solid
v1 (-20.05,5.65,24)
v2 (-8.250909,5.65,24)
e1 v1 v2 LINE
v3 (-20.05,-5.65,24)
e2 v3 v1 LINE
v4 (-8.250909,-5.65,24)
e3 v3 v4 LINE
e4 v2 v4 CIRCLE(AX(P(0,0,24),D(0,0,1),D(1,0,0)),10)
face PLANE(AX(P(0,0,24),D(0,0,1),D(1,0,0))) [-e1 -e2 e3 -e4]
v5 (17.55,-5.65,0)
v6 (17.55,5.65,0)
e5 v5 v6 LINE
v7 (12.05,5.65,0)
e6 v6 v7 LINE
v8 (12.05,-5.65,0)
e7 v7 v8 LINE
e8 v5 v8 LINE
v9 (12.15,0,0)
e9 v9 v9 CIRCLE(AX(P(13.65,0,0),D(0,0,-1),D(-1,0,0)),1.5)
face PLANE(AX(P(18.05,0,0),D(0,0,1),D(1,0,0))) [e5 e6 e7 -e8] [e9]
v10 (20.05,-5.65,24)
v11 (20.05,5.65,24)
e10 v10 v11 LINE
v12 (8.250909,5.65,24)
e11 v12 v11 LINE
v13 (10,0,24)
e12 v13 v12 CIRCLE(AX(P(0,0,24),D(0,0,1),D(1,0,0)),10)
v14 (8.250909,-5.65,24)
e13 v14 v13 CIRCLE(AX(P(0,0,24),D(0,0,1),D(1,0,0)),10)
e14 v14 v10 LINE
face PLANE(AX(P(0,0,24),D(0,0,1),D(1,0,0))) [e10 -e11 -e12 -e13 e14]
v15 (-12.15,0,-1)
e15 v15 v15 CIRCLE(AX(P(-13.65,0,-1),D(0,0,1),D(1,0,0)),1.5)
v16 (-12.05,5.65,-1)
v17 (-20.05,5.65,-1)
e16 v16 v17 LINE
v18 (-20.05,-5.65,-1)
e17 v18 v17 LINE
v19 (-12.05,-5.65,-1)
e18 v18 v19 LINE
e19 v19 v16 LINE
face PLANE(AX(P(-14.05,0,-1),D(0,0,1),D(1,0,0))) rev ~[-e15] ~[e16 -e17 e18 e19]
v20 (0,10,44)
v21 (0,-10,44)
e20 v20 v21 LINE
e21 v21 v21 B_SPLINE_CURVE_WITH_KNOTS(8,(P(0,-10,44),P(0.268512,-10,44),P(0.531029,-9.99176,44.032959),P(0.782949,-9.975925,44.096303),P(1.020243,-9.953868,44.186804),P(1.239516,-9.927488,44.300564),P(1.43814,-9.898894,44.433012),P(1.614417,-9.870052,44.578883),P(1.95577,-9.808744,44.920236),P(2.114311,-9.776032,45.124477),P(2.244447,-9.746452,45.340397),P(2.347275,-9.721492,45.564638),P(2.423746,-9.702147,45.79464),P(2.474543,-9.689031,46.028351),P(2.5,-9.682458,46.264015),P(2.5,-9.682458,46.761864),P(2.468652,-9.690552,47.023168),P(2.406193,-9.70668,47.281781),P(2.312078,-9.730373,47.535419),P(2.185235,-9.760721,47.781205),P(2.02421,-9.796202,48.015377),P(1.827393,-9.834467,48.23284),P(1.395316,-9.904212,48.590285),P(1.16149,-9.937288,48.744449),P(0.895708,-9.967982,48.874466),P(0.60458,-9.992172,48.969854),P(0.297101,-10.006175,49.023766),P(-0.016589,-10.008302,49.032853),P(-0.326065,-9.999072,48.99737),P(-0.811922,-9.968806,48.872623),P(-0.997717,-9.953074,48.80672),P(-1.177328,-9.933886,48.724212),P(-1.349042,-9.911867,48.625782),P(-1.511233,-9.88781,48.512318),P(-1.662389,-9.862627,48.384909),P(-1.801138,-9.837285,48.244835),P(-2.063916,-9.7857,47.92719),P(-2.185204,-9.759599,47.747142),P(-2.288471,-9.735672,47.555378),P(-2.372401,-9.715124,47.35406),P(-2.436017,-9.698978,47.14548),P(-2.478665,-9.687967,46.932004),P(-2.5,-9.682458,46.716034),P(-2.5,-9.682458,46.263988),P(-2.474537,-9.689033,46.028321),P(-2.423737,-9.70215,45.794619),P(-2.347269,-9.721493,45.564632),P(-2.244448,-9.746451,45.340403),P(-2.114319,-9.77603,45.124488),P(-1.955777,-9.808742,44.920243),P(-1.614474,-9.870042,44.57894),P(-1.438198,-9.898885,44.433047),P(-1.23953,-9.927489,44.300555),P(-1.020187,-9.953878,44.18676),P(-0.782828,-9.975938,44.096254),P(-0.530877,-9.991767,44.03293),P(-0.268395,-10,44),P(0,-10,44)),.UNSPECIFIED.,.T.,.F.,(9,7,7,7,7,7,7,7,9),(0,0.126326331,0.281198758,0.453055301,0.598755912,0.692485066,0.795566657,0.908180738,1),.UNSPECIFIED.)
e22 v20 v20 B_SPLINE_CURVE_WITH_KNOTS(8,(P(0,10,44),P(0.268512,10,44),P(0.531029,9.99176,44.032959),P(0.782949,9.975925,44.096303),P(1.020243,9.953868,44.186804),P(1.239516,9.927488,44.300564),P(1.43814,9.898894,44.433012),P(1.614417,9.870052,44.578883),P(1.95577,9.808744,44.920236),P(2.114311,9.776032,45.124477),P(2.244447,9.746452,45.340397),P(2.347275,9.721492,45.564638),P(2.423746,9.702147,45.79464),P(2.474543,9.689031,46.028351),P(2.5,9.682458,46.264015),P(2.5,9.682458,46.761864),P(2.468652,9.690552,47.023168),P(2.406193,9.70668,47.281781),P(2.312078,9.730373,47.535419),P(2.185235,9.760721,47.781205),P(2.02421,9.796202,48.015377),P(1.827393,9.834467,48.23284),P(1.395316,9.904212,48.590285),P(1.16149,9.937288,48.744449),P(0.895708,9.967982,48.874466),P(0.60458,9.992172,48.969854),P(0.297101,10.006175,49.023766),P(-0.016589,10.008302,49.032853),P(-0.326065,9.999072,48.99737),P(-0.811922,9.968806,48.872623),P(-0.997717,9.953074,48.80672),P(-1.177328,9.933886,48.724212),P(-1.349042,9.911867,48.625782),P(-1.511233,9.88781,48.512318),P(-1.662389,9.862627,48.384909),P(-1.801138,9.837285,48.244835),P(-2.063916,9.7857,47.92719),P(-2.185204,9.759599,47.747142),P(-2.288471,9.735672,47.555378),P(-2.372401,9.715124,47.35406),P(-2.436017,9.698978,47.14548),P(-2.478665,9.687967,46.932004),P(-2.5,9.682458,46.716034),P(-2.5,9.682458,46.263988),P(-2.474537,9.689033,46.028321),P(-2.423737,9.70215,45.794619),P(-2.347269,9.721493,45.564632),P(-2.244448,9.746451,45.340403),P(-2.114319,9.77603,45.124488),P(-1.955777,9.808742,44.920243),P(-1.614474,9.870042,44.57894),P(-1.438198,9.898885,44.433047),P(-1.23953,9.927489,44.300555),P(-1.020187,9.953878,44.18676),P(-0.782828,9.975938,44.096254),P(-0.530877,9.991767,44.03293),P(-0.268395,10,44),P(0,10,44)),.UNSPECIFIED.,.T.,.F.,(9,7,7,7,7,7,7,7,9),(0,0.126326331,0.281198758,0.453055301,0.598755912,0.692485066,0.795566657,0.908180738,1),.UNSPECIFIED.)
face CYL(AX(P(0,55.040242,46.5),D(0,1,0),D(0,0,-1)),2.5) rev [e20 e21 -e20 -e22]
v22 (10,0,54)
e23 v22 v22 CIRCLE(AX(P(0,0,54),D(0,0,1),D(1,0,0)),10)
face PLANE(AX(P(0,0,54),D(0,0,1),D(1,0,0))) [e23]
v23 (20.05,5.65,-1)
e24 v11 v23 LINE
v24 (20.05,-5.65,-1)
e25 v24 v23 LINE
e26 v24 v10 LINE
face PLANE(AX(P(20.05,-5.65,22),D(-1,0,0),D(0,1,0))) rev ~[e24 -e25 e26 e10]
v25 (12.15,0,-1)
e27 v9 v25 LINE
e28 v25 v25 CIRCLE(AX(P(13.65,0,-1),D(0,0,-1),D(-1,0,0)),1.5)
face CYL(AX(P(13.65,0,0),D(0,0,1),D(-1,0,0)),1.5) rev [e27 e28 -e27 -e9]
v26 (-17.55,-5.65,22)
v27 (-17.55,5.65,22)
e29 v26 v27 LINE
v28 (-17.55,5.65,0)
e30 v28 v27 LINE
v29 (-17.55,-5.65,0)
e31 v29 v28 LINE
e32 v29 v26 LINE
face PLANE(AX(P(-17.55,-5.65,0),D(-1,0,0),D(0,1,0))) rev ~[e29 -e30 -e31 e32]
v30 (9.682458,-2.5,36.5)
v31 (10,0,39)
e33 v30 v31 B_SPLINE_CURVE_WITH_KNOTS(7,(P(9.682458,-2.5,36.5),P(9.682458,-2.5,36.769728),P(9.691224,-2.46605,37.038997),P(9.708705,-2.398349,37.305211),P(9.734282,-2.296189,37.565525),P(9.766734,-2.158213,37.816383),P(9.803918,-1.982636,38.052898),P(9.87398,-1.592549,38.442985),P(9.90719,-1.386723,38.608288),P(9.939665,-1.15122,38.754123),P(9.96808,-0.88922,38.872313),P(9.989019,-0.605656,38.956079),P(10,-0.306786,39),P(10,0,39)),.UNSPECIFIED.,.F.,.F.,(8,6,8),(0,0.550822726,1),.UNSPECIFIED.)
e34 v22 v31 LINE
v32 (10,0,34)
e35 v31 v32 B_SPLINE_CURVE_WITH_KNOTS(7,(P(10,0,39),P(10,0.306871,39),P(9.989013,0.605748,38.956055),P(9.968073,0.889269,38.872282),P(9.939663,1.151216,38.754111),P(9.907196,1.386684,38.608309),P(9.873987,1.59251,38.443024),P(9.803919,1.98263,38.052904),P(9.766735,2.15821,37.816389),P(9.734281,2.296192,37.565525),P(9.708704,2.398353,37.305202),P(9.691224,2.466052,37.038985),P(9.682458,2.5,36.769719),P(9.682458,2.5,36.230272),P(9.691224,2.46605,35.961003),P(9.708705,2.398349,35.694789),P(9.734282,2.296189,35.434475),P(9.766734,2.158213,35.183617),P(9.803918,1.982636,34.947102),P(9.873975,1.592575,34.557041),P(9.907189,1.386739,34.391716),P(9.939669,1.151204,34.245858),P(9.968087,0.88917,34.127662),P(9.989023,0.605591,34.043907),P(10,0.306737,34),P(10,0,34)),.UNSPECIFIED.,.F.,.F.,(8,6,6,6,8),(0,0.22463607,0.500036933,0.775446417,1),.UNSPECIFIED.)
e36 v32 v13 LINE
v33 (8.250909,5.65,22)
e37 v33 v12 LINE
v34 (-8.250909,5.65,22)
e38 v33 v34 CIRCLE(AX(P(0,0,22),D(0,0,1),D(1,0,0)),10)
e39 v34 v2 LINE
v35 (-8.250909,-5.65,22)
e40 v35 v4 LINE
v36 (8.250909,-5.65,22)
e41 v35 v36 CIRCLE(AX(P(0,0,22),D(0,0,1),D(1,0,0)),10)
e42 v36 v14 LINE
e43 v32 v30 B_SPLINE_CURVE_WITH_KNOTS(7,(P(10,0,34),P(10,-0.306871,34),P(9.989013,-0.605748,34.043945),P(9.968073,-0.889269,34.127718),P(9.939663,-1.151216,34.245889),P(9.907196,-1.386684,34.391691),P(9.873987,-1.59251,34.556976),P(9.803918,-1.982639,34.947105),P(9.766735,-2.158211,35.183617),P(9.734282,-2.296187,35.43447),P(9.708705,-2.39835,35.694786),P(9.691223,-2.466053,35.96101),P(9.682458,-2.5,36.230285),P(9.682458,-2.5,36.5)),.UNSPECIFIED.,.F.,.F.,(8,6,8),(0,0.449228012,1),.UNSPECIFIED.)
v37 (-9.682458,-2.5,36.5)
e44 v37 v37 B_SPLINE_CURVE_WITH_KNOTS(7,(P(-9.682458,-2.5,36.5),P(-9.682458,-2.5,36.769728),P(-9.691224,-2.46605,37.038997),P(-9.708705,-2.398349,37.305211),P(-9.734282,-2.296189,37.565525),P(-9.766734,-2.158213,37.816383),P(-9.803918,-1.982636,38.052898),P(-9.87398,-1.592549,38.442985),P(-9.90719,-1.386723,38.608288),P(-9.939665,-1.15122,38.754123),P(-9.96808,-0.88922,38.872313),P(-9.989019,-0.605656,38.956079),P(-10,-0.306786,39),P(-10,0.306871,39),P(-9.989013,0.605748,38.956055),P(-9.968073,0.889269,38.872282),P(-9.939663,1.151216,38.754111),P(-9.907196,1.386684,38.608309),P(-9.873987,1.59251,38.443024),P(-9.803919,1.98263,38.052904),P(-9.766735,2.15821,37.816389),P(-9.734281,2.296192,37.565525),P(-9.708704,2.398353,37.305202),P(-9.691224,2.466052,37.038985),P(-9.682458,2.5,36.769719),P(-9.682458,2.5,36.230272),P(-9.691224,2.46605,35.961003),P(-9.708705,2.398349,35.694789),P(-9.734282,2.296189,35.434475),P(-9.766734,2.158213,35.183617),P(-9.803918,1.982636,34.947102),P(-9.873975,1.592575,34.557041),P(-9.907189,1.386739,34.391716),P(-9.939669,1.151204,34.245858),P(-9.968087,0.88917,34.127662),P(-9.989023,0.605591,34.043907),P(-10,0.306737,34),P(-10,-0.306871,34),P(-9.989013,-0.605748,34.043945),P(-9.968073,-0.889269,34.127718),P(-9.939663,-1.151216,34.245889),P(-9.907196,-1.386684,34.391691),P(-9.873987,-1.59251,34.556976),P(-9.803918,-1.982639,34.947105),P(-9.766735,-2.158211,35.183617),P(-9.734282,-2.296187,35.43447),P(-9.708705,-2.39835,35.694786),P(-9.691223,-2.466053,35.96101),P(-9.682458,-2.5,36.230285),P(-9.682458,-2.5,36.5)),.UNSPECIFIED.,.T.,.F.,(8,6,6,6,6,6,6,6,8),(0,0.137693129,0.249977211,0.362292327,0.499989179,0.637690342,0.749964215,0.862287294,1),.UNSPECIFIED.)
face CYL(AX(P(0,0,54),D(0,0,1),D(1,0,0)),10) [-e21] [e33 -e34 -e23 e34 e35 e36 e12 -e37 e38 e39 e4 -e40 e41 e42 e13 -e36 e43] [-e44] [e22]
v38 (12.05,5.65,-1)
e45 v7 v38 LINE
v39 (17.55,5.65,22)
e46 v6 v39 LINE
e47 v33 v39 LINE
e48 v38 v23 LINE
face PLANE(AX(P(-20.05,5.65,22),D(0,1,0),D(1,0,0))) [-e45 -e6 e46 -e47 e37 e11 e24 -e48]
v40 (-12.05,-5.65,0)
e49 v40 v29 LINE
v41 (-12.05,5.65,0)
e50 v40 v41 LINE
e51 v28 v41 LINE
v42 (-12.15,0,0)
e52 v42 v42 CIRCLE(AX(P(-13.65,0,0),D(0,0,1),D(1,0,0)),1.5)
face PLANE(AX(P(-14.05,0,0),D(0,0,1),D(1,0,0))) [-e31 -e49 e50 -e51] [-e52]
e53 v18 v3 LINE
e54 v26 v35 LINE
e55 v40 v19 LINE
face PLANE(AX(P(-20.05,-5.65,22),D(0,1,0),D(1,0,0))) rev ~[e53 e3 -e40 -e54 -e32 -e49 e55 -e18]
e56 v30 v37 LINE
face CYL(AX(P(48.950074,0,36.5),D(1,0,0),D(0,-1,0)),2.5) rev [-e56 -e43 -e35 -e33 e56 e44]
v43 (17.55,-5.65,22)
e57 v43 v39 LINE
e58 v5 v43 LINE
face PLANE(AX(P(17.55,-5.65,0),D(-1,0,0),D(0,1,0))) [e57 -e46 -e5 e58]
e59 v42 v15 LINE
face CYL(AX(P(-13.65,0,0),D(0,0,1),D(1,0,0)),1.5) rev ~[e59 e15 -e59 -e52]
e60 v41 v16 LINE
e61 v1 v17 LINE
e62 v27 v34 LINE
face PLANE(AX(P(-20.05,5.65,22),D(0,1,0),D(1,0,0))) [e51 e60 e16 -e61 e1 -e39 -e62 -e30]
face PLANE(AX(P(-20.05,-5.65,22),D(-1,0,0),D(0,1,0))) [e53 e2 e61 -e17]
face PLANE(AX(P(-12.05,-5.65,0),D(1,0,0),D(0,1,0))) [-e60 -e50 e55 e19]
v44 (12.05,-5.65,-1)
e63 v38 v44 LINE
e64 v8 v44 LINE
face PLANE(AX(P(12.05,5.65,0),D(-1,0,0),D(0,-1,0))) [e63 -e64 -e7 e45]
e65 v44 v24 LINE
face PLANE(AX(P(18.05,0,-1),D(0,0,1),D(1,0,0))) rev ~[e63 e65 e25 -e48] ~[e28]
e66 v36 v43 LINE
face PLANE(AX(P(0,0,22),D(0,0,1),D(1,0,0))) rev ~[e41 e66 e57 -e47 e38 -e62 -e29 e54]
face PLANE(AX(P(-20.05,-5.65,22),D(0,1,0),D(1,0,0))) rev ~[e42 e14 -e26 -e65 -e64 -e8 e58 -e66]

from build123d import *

# Parameters (mm, degrees)
SKETCH_1_R               = 1.5
SKETCH_1_W               = 4
SKETCH_1_H               = 11.3
EXTRUDE_1_DEPTH          = 1
SKETCH_2_W               = 2.5
SKETCH_2_H               = 11.3
EXTRUDE_2_DEPTH          = 22
SKETCH_3_W               = 40.1
SKETCH_3_H               = 11.3
EXTRUDE_3_DEPTH          = 2
SKETCH_4_R               = 10
EXTRUDE_4_DEPTH          = 2
EXTRUDE_START            = 30
SKETCH_6_R               = 10
EXTRUDE_5_DEPTH          = 30
CUT_EXTRUDE_2_DEPTH      = 60.690242084
CUT_EXTRUDE_2_DEPTH_BACK = 60.690242084
SKETCH_8_R               = 2.5
CUT_EXTRUDE_3_DEPTH      = 69.000073623
CUT_EXTRUDE_3_DEPTH_BACK = 69.000073623
SKETCH_9_R               = 2.5


with BuildPart() as part:
    # 草图1 → 凸台-拉伸1 (new body)
    # profile 1 of 4: a face of its own
    with BuildSketch(Plane.XY):
        Polygon((-12.05, -5.65), (-12.05, 0), (-12.05, 5.65), (-16.05, 5.65), (-16.05, -5.65), align=None)
        with Locations((-13.65, 0)):
            Circle(SKETCH_1_R, mode=Mode.SUBTRACT)
    # profile 2 of 4: a face of its own
    with BuildSketch(Plane.XY):
        Polygon((12.05, 5.65), (12.05, 0), (12.05, -5.65), (16.05, -5.65), (16.05, 5.65), align=None)
        with BuildLine():
            ThreePointArc((15.15, 0), (13.65, -1.5), (12.15, 0))
            ThreePointArc((12.15, 0), (13.65, 1.5), (15.15, 0))
        make_face(mode=Mode.SUBTRACT)
    # profile 3 of 4: a face of its own
    with BuildSketch(Plane.XY):
        with Locations((-18.05, 0)):
            Rectangle(SKETCH_1_W, SKETCH_1_H)
    # profile 4 of 4: a face of its own
    with BuildSketch(Plane.XY):
        with Locations((18.05, 0)):
            Rectangle(SKETCH_1_W, SKETCH_1_H)
    extrude(amount=-EXTRUDE_1_DEPTH)

    # 草图2 → 凸台-拉伸2 (add)
    with BuildSketch(Plane.XY):
        with Locations((-18.8, 0)):
            Rectangle(SKETCH_2_W, SKETCH_2_H)
        with Locations((18.8, 0)):
            Rectangle(SKETCH_2_W, SKETCH_2_H)
    extrude(amount=EXTRUDE_2_DEPTH)

    # 草图3 → 凸台-拉伸3 (add)
    with BuildSketch(Plane.XY.offset(22)):
        Rectangle(SKETCH_3_W, SKETCH_3_H)
    extrude(amount=EXTRUDE_3_DEPTH)

    # 草图4 → 凸台-拉伸4 (add)
    with BuildSketch(Plane.XY.offset(24)):
        Circle(SKETCH_4_R)
    extrude(amount=-EXTRUDE_4_DEPTH)

    # 草图6 → 凸台-拉伸5 (add)
    with BuildSketch(Plane.XY.offset(24).offset(EXTRUDE_START)):
        Circle(SKETCH_6_R)
    extrude(amount=-EXTRUDE_5_DEPTH)

    # 草图8 → 切除-拉伸2 (cut, two sides: drawn at the far end of the back side and taken through both)
    with BuildSketch(Plane.XZ.offset(5.65).offset(-CUT_EXTRUDE_2_DEPTH_BACK)):
        with Locations(Location((0, 46.5, 0), (0, 0, 270))):
            Circle(SKETCH_8_R)
    extrude(amount=CUT_EXTRUDE_2_DEPTH + CUT_EXTRUDE_2_DEPTH_BACK, mode=Mode.SUBTRACT)

    # 草图9 → 切除-拉伸3 (cut, two sides: drawn at the far end of the back side and taken through both)
    with BuildSketch(Plane.ZY.offset(20.05).offset(-CUT_EXTRUDE_3_DEPTH_BACK)):
        with Locations(Location((36.5, 0, 0), (0, 0, 270))):
            Circle(SKETCH_9_R)
    extrude(amount=CUT_EXTRUDE_3_DEPTH + CUT_EXTRUDE_3_DEPTH_BACK, mode=Mode.SUBTRACT)


solid = part.part
